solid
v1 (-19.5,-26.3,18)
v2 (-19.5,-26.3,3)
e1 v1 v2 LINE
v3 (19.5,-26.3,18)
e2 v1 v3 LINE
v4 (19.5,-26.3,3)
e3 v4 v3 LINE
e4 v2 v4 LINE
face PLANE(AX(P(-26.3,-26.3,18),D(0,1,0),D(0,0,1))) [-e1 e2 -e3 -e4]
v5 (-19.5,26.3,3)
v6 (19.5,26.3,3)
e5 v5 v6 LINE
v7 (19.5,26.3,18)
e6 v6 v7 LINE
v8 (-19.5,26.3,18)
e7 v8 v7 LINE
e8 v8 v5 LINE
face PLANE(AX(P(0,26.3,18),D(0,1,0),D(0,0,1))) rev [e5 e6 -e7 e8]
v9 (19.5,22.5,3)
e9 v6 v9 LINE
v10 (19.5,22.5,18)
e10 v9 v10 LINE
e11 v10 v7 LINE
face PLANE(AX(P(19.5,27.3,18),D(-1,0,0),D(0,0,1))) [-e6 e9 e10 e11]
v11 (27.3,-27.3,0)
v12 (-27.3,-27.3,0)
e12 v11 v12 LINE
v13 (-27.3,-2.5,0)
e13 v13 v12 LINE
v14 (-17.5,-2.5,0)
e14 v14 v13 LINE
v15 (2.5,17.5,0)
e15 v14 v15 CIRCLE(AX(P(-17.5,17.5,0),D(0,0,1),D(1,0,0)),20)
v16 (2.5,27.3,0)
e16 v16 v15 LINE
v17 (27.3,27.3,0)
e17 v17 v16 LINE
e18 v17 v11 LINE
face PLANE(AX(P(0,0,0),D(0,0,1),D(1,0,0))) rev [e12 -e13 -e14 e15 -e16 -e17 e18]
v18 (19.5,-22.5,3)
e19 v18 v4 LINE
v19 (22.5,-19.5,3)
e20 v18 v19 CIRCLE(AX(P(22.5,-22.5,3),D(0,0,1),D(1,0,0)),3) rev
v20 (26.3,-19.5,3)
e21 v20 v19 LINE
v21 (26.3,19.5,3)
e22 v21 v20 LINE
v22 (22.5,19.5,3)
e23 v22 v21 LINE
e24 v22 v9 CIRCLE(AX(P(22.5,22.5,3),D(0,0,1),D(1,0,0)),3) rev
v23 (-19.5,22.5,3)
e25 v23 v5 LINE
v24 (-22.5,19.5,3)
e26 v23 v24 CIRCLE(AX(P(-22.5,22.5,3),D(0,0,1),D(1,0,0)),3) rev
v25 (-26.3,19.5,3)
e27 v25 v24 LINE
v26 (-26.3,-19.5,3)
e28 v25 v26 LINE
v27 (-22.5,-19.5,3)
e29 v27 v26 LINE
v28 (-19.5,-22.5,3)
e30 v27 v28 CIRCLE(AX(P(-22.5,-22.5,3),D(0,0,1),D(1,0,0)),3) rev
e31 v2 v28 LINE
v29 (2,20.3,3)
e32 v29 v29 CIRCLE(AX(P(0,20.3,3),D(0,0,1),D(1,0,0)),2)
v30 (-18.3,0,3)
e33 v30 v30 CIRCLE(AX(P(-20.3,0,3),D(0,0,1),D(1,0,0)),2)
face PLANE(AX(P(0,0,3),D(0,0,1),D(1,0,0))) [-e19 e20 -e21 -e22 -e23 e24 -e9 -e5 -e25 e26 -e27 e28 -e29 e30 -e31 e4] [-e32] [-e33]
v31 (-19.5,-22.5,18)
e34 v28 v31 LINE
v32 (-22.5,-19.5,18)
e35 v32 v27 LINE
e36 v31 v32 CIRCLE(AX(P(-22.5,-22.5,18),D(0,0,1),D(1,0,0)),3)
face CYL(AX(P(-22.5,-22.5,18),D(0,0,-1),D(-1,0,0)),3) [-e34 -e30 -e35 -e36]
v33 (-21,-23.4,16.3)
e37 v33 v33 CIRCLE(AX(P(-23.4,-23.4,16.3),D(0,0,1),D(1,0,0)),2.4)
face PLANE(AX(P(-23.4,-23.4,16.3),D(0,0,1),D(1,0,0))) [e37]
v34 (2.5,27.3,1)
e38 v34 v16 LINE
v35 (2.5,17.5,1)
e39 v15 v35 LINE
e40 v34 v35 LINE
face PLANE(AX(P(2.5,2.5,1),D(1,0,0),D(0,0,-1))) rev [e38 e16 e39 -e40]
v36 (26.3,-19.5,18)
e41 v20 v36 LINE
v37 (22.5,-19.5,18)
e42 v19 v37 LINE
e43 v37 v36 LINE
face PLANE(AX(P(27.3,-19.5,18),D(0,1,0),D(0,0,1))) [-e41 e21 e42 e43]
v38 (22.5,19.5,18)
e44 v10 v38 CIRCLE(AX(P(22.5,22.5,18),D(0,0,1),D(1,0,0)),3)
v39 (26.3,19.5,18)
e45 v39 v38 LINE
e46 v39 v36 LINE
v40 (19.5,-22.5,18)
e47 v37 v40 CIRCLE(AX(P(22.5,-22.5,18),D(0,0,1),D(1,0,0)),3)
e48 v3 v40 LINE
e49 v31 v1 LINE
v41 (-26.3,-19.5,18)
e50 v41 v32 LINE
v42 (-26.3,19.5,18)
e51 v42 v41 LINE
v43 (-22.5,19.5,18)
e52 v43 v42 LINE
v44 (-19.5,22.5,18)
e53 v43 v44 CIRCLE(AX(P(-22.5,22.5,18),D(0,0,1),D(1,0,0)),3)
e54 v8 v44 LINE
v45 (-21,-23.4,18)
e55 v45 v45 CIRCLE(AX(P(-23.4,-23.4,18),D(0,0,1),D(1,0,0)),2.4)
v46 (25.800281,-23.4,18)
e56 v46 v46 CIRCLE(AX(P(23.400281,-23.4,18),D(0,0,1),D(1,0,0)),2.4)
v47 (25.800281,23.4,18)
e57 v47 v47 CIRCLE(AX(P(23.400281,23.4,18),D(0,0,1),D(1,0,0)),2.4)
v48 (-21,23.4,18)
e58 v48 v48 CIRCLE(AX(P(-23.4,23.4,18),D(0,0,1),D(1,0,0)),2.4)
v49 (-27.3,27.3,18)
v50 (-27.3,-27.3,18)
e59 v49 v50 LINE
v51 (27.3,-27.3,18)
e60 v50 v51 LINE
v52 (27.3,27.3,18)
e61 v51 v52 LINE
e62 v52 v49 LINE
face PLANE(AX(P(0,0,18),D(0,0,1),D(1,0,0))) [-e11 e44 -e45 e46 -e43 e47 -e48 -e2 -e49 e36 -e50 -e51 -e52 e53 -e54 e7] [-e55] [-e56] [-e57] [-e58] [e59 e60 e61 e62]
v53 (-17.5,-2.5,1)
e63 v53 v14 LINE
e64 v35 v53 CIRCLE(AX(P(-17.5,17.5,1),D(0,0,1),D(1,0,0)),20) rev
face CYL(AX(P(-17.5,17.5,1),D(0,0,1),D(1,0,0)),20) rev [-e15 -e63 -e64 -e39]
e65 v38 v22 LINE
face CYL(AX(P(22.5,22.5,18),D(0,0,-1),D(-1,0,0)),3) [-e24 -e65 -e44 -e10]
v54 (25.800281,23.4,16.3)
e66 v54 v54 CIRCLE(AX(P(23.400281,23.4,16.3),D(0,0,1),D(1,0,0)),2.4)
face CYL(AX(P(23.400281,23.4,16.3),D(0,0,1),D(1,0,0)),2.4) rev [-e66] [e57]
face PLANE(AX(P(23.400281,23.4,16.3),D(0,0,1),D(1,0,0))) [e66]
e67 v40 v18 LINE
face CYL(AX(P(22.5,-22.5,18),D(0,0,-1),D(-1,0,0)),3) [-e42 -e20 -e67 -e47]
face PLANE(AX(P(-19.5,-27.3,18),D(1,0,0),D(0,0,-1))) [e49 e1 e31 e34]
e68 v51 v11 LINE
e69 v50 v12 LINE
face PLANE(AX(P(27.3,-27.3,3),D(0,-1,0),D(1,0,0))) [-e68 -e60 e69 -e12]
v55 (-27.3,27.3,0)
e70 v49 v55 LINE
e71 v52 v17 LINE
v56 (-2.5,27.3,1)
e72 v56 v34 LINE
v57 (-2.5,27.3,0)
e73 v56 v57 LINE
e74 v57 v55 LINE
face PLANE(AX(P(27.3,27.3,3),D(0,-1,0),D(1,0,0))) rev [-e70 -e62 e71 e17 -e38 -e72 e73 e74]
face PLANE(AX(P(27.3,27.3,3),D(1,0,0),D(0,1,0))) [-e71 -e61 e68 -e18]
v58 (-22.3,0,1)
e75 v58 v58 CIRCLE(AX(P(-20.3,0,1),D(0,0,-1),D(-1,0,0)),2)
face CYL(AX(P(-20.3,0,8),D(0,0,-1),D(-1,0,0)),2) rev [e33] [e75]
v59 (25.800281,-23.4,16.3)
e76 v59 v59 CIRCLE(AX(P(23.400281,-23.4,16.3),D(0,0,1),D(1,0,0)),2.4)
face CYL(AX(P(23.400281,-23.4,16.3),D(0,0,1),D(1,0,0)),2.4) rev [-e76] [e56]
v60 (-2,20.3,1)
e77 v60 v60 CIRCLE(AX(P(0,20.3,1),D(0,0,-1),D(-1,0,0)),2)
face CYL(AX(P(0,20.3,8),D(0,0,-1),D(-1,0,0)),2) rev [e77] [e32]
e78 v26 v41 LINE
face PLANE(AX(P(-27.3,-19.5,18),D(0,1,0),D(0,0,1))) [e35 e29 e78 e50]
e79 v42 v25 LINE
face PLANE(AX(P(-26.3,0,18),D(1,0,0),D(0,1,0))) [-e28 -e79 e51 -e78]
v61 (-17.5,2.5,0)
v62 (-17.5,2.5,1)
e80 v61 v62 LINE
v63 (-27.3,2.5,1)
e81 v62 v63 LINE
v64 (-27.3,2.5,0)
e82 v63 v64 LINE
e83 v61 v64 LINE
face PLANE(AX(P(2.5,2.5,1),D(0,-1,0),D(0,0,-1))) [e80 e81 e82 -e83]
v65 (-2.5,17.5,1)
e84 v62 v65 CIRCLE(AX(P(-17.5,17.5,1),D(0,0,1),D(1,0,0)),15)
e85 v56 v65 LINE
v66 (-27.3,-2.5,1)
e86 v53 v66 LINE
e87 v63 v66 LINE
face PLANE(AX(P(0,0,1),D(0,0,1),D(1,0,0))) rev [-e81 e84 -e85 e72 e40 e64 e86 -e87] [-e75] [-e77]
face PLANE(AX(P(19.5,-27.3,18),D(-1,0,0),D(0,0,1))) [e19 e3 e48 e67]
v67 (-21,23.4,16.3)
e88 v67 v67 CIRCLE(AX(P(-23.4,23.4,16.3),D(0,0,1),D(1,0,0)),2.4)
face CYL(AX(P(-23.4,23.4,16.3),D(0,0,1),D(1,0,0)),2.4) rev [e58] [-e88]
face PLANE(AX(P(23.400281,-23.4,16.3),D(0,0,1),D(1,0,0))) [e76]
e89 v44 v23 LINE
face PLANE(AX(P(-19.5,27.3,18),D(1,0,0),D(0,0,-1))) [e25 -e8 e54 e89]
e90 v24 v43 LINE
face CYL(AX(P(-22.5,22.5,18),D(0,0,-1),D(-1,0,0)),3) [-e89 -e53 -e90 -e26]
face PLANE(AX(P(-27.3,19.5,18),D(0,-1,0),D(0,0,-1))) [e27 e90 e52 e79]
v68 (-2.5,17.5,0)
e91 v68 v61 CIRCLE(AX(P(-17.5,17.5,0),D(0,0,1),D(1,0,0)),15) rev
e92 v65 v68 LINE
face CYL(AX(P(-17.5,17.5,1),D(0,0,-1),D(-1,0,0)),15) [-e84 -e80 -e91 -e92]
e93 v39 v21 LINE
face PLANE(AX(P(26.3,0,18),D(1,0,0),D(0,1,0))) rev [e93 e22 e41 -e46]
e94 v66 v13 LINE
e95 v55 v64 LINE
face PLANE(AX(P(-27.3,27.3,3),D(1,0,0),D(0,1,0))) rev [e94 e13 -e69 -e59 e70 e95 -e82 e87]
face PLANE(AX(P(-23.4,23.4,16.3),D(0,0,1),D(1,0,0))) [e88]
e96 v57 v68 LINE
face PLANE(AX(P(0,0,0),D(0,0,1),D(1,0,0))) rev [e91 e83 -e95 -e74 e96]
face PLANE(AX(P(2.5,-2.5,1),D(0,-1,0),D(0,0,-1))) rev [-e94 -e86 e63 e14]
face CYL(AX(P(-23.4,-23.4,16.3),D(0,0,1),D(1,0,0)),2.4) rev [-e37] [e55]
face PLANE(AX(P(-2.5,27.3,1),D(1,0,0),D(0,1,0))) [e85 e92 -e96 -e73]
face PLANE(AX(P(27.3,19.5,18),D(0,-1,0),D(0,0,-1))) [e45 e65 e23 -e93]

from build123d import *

# Parameters (mm, degrees)
SKICA1_W                 = 54.6
SKICA1_H                 = 54.6
P_IDAT_VYSUNUT_M2_DEPTH  = 3
SKICA5_W                 = 5
SKICA5_H                 = 24.8
ODEBRAT_VYSUNUT_M3_DEPTH = 1
SKICA14_W                = 52.6
SKICA14_H                = 1
P_IDAT_VYSUNUT_M9_DEPTH  = 15
SKICA17_R                = 2
ODEBRAT_VYSUNUT_M8_DEPTH = 7
SKICA19_W                = 7.8
SKICA19_H                = 7.8
P_IDAT_VYSUNUT_M10_DEPTH = 18
SKICA20_R                = 2.4
ODEBRAT_VYSUNUT_M9_DEPTH = 1.7
ZAOBLIT1_R               = 3
ZAOBLIT2_R               = 15
ZAOBLIT3_R               = 20


with BuildPart() as part:
    # Skica1 → Přidat vysunutím2 (new body)
    with BuildSketch(Plane.XY):
        Rectangle(SKICA1_W, SKICA1_H)
    extrude(amount=P_IDAT_VYSUNUT_M2_DEPTH)

    # Skica5 → Odebrat vysunutím3 (cut)
    with BuildSketch(Plane(origin=(0, 0, 0), x_dir=(-1, 0, 0), z_dir=(0, 0, -1))):
        with Locations((0, 14.9)):
            Rectangle(SKICA5_W, SKICA5_H)
        Polygon((27.3, 2.5), (2.5, 2.5), (-2.5, 2.5), (-2.5, -2.5), (27.3, -2.5), align=None)
    extrude(amount=-ODEBRAT_VYSUNUT_M3_DEPTH, mode=Mode.SUBTRACT)

    # Skica14 → Přidat vysunutím9 (add)
    with BuildSketch(Plane.XY.offset(3)):
        Polygon((27.3, 27.3), (-27.3, 27.3), (-27.3, -27.3), (-26.3, -27.3), (-26.3, -26.3), (-26.3, 26.3), (26.3, 26.3), (26.3, -26.3), (26.3, -27.3), (27.3, -27.3), align=None)
        with Locations((0, -26.8)):
            Rectangle(SKICA14_W, SKICA14_H)
    extrude(amount=P_IDAT_VYSUNUT_M9_DEPTH)

    # Skica17 → Odebrat vysunutím8 (cut)
    with BuildSketch(Plane(origin=(0, 0, 1), x_dir=(-1, 0, 0), z_dir=(0, 0, -1))):
        with Locations((20.3, 0)):
            Circle(SKICA17_R)
        with Locations((0, 20.3)):
            Circle(SKICA17_R)
    extrude(amount=-ODEBRAT_VYSUNUT_M8_DEPTH, mode=Mode.SUBTRACT)

    # Skica19 → Přidat vysunutím10 (add)
    with BuildSketch(Plane(origin=(0, 0, 0), x_dir=(-1, 0, 0), z_dir=(0, 0, -1))):
        with Locations((-23.4, 23.4)):
            Rectangle(SKICA19_W, SKICA19_H)
        with Locations((23.4, 23.4)):
            Rectangle(SKICA19_W, SKICA19_H)
        with Locations((-23.4, -23.4)):
            Rectangle(SKICA19_W, SKICA19_H)
        with Locations((23.4, -23.4)):
            Rectangle(SKICA19_W, SKICA19_H)
    extrude(amount=-P_IDAT_VYSUNUT_M10_DEPTH)

    # Skica20 → Odebrat vysunutím9 (cut)
    with BuildSketch(Plane.XY.offset(18)):
        with Locations((-23.4, -23.4)):
            Circle(SKICA20_R)
        with Locations((-23.4, 23.4)):
            Circle(SKICA20_R)
        with Locations((23.400280565, 23.4)):
            Circle(SKICA20_R)
        with Locations((23.400280565, -23.4)):
            Circle(SKICA20_R)
    extrude(amount=-ODEBRAT_VYSUNUT_M9_DEPTH, mode=Mode.SUBTRACT)

    # Zaoblit1
    zaoblit1_edges = [part.edges().sort_by_distance(p)[0] for p in [
        (-19.5, 19.5, 10.5),
        (19.5, -19.5, 10.5),
        (-19.5, -19.5, 10.5),
        (19.5, 19.5, 10.5),
    ]]
    fillet(zaoblit1_edges, radius=ZAOBLIT1_R)

    # Zaoblit2
    zaoblit2_edges = [part.edges().sort_by_distance(p)[0] for p in [
        (-2.5, 2.5, 0.5),
    ]]
    fillet(zaoblit2_edges, radius=ZAOBLIT2_R)

    # Zaoblit3
    zaoblit3_edges = [part.edges().sort_by_distance(p)[0] for p in [
        (2.5, -2.5, 0.5),
    ]]
    fillet(zaoblit3_edges, radius=ZAOBLIT3_R)


solid = part.part
